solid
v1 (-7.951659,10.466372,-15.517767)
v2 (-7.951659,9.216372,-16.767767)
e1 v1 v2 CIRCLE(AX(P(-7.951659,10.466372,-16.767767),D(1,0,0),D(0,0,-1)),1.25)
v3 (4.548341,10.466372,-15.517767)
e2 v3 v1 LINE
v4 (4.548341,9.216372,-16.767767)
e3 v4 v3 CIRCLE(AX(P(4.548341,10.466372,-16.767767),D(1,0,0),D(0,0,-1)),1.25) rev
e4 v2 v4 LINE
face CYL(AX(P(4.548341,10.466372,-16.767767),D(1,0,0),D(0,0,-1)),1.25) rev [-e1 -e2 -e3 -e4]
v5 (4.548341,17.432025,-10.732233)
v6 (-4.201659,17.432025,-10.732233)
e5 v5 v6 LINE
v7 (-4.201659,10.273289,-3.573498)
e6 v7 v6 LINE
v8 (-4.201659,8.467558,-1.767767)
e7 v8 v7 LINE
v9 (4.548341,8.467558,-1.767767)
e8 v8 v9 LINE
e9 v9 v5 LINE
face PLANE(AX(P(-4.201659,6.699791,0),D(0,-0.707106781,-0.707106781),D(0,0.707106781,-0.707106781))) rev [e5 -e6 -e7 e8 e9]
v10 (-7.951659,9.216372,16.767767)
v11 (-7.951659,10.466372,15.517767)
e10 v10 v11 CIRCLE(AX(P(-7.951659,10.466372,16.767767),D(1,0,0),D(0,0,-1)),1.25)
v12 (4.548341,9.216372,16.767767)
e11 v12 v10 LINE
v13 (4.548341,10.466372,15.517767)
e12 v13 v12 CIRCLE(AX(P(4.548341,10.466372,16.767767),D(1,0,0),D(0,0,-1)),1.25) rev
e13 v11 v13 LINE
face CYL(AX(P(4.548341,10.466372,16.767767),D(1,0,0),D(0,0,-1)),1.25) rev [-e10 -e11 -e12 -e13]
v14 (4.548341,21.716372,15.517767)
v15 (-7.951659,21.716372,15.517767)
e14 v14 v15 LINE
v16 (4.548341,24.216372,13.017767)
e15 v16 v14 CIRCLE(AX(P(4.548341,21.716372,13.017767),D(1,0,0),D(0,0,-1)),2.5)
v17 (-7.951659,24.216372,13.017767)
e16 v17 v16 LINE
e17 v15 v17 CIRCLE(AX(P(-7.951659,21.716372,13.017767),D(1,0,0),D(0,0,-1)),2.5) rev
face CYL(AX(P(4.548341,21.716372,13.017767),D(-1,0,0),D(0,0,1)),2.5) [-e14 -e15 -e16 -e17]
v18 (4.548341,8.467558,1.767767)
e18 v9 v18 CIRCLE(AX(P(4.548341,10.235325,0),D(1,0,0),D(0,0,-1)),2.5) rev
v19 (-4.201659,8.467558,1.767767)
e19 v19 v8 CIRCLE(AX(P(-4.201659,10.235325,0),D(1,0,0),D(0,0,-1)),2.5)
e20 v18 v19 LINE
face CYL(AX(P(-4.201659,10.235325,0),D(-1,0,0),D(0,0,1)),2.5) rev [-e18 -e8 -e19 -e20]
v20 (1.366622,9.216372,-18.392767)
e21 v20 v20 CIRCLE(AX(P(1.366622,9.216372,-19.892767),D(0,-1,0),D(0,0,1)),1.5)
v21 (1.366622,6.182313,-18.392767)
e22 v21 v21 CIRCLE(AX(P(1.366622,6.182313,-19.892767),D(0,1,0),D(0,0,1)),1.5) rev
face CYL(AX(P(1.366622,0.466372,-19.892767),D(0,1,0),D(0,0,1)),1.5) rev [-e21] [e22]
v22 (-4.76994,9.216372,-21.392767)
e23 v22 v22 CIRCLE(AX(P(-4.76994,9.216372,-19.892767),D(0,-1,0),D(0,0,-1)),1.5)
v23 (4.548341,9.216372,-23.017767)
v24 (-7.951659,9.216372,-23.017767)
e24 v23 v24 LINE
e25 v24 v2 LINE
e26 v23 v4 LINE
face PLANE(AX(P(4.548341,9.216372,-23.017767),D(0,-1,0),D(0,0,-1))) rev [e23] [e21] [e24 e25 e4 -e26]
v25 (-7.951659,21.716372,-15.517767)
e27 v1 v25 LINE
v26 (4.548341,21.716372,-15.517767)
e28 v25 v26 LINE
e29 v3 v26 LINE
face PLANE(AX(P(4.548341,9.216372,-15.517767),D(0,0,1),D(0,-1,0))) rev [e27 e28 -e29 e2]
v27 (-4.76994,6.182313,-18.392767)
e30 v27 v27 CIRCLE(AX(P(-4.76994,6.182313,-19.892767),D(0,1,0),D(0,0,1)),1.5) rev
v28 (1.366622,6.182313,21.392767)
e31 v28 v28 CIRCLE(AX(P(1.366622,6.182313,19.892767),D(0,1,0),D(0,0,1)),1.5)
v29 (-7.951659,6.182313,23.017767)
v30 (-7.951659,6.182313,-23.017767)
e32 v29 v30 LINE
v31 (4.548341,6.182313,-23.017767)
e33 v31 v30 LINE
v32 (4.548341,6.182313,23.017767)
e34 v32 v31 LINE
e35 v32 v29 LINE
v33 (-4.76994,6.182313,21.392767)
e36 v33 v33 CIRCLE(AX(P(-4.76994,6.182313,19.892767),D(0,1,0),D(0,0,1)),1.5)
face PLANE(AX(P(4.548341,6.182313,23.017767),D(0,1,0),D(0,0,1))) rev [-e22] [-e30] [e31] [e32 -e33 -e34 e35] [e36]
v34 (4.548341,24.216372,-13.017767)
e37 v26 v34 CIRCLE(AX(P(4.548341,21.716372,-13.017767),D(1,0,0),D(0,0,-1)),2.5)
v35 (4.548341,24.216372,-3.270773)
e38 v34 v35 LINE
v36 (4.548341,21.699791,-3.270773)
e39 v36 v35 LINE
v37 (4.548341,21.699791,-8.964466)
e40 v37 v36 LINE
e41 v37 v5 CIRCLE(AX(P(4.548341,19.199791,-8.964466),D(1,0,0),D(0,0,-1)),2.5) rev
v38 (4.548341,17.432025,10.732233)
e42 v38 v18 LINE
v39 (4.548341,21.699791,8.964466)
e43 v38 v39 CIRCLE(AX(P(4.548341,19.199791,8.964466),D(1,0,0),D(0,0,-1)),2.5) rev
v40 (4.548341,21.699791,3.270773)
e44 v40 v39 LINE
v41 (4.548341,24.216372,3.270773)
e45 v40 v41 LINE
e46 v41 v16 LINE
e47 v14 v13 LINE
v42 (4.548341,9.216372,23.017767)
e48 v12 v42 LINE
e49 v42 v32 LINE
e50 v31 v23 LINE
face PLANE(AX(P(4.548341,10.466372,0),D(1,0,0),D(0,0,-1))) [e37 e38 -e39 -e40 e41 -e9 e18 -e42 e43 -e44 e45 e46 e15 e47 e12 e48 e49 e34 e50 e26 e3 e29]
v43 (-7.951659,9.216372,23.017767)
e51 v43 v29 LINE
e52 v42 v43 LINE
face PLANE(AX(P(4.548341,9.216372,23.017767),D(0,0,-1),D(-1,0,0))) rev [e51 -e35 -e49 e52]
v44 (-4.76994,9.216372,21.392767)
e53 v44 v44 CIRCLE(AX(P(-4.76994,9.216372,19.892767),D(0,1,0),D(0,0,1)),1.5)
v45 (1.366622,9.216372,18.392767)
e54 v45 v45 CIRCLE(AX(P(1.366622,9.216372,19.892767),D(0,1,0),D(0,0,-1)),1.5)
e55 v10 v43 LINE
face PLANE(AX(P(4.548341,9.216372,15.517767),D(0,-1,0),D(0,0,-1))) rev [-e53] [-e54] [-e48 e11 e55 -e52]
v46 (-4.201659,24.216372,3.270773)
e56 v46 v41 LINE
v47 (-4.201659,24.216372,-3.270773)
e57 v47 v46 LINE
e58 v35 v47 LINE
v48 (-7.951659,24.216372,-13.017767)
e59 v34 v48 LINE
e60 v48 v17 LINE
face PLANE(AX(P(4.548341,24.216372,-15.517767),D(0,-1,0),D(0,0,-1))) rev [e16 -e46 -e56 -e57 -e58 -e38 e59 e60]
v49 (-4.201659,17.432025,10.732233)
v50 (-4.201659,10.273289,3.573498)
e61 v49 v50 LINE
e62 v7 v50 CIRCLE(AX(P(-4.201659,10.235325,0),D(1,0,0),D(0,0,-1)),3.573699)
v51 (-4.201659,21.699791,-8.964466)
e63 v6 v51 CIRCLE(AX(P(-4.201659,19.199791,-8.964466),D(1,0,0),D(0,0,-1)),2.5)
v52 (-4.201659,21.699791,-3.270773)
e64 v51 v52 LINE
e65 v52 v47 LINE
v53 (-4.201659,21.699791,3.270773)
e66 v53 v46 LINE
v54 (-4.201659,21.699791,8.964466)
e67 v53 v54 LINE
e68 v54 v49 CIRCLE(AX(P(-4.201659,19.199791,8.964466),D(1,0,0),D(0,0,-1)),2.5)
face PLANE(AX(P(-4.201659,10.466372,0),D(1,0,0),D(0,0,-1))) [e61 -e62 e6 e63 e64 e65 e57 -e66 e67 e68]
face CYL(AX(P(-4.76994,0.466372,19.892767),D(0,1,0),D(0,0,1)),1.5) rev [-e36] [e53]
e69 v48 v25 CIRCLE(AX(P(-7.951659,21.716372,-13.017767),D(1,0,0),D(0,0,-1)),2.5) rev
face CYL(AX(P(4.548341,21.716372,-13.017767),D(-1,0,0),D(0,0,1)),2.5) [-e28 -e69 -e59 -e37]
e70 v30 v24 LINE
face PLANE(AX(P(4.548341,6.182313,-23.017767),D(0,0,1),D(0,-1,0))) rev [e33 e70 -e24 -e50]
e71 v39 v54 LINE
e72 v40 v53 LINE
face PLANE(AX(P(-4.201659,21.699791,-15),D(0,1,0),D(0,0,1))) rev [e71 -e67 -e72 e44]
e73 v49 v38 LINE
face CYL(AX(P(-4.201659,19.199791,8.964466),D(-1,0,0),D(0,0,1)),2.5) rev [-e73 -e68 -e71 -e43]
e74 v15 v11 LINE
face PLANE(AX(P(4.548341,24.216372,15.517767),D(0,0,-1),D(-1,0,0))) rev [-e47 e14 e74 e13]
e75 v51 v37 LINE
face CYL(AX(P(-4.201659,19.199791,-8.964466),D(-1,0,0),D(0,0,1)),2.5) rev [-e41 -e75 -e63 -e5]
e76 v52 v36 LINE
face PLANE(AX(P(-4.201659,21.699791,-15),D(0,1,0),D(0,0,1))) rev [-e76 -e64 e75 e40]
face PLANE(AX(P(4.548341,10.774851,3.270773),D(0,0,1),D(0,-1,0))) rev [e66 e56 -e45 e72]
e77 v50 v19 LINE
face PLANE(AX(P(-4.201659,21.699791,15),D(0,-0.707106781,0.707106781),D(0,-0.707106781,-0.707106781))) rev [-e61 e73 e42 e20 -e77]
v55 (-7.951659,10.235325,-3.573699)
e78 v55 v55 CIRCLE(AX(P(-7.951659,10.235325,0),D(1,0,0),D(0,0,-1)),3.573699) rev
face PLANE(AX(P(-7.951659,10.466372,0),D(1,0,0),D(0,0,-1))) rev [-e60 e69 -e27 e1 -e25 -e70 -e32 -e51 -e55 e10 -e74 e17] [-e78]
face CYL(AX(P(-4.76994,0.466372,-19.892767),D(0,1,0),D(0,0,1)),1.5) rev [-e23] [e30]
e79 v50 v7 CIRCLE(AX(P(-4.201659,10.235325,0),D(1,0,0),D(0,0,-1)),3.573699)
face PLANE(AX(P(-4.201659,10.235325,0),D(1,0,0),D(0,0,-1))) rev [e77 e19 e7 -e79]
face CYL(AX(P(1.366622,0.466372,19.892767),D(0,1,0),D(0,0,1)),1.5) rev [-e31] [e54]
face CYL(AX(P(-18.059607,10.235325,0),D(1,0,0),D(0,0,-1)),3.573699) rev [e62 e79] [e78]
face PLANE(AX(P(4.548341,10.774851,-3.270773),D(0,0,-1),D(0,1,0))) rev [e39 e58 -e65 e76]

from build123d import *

# Parameters (mm, degrees)
BOSS_EXTRUDE2_DEPTH = 25
CUT_EXTRUDE2_DEPTH  = 35
FILLET3_R           = 10
SKETCH5_R           = 14.294796693
CUT_EXTRUDE3_DEPTH  = 15
FILLET4_R           = 10
FILLET5_R           = 5
SKETCH6_R           = 6
CUT_EXTRUDE4_DEPTH  = 35
SKETCH8_W           = 35
SKETCH8_H           = 26.166184444
CUT_EXTRUDE6_DEPTH  = 10.066320609
SCALE1_SCALE        = 0.25


with BuildPart() as part:
    # Sketch2 → Boss-Extrude2 (new, symmetric)
    with BuildSketch(Plane(origin=(0, 0, 0), x_dir=(0, 0, -1), z_dir=(1, 0, 0))):
        Polygon((-62.071067812, 55), (-62.071067812, -5), (-92.071067812, -5), (-92.071067812, -17.136235823), (92.071067812, -17.136235823), (92.071067812, -5), (62.071067812, -5), (62.071067812, 55), align=None)
    extrude(amount=BOSS_EXTRUDE2_DEPTH, both=True)

    # Sketch3 → Cut-Extrude2 (cut)
    with BuildSketch(Plane(origin=(25, 0, 0), x_dir=(0, 0, -1), z_dir=(1, 0, 0))):
        Polygon((0, -15.066320609), (60, 44.933679391), (-60, 44.933679391), align=None)
    extrude(amount=-CUT_EXTRUDE2_DEPTH, mode=Mode.SUBTRACT)

    # Fillet3
    fillet3_edges = [part.edges().sort_by_distance(p)[0] for p in [
        (7.5, -15.066320609, 0),
        (7.5, 44.933679391, 60),
        (7.5, 44.933679391, -60),
    ]]
    fillet(fillet3_edges, radius=FILLET3_R)

    # Sketch5 → Cut-Extrude3 (cut)
    with BuildSketch(Plane(origin=(-10, 0, 0), x_dir=(0, 0, -1), z_dir=(1, 0, 0))):
        with Locations((0, -0.924184985)):
            Circle(SKETCH5_R)
    extrude(amount=-CUT_EXTRUDE3_DEPTH, mode=Mode.SUBTRACT)

    # Fillet4
    fillet4_edges = [part.edges().sort_by_distance(p)[0] for p in [
        (0, 55, 62.071067812),
        (0, 55, -62.071067812),
    ]]
    fillet(fillet4_edges, radius=FILLET4_R)

    # Fillet5
    fillet5_edges = [part.edges().sort_by_distance(p)[0] for p in [
        (0, -5, -62.071067812),
        (0, -5, 62.071067812),
    ]]
    fillet(fillet5_edges, radius=FILLET5_R)

    # Sketch6 → Cut-Extrude4 (cut)
    with BuildSketch(Plane(origin=(0, -5, 0), x_dir=(1, 0, 0), z_dir=(0, 1, 0))):
        with Locations(Location((-12.273124469, -79.571067812, 0), (0, 0, 270))):
            Circle(SKETCH6_R)
        with Locations(Location((12.273124469, -79.571067812, 0), (0, 0, 270))):
            Circle(SKETCH6_R)
    cut_extrude4 = extrude(amount=-CUT_EXTRUDE4_DEPTH, mode=Mode.SUBTRACT)

    # Mirror1: Cut-Extrude4 across plane
    add(cut_extrude4.mirror(Plane.XY), mode=Mode.SUBTRACT)

    # Sketch8 → Cut-Extrude6 (cut)
    with BuildSketch(Plane(origin=(0, 55, 0), x_dir=(1, 0, 0), z_dir=(0, 1, 0))):
        with Locations((7.5, 0)):
            Rectangle(SKETCH8_W, SKETCH8_H)
    extrude(amount=-CUT_EXTRUDE6_DEPTH, mode=Mode.SUBTRACT)


with BuildPart() as part_1:
    # Scale1: scaled about (-2.268878972, 13.955162183, 0)
    add(part.part.scale(SCALE1_SCALE).moved(Location((-1.701659229, 10.466371637, 0))))


solid = part_1.part
